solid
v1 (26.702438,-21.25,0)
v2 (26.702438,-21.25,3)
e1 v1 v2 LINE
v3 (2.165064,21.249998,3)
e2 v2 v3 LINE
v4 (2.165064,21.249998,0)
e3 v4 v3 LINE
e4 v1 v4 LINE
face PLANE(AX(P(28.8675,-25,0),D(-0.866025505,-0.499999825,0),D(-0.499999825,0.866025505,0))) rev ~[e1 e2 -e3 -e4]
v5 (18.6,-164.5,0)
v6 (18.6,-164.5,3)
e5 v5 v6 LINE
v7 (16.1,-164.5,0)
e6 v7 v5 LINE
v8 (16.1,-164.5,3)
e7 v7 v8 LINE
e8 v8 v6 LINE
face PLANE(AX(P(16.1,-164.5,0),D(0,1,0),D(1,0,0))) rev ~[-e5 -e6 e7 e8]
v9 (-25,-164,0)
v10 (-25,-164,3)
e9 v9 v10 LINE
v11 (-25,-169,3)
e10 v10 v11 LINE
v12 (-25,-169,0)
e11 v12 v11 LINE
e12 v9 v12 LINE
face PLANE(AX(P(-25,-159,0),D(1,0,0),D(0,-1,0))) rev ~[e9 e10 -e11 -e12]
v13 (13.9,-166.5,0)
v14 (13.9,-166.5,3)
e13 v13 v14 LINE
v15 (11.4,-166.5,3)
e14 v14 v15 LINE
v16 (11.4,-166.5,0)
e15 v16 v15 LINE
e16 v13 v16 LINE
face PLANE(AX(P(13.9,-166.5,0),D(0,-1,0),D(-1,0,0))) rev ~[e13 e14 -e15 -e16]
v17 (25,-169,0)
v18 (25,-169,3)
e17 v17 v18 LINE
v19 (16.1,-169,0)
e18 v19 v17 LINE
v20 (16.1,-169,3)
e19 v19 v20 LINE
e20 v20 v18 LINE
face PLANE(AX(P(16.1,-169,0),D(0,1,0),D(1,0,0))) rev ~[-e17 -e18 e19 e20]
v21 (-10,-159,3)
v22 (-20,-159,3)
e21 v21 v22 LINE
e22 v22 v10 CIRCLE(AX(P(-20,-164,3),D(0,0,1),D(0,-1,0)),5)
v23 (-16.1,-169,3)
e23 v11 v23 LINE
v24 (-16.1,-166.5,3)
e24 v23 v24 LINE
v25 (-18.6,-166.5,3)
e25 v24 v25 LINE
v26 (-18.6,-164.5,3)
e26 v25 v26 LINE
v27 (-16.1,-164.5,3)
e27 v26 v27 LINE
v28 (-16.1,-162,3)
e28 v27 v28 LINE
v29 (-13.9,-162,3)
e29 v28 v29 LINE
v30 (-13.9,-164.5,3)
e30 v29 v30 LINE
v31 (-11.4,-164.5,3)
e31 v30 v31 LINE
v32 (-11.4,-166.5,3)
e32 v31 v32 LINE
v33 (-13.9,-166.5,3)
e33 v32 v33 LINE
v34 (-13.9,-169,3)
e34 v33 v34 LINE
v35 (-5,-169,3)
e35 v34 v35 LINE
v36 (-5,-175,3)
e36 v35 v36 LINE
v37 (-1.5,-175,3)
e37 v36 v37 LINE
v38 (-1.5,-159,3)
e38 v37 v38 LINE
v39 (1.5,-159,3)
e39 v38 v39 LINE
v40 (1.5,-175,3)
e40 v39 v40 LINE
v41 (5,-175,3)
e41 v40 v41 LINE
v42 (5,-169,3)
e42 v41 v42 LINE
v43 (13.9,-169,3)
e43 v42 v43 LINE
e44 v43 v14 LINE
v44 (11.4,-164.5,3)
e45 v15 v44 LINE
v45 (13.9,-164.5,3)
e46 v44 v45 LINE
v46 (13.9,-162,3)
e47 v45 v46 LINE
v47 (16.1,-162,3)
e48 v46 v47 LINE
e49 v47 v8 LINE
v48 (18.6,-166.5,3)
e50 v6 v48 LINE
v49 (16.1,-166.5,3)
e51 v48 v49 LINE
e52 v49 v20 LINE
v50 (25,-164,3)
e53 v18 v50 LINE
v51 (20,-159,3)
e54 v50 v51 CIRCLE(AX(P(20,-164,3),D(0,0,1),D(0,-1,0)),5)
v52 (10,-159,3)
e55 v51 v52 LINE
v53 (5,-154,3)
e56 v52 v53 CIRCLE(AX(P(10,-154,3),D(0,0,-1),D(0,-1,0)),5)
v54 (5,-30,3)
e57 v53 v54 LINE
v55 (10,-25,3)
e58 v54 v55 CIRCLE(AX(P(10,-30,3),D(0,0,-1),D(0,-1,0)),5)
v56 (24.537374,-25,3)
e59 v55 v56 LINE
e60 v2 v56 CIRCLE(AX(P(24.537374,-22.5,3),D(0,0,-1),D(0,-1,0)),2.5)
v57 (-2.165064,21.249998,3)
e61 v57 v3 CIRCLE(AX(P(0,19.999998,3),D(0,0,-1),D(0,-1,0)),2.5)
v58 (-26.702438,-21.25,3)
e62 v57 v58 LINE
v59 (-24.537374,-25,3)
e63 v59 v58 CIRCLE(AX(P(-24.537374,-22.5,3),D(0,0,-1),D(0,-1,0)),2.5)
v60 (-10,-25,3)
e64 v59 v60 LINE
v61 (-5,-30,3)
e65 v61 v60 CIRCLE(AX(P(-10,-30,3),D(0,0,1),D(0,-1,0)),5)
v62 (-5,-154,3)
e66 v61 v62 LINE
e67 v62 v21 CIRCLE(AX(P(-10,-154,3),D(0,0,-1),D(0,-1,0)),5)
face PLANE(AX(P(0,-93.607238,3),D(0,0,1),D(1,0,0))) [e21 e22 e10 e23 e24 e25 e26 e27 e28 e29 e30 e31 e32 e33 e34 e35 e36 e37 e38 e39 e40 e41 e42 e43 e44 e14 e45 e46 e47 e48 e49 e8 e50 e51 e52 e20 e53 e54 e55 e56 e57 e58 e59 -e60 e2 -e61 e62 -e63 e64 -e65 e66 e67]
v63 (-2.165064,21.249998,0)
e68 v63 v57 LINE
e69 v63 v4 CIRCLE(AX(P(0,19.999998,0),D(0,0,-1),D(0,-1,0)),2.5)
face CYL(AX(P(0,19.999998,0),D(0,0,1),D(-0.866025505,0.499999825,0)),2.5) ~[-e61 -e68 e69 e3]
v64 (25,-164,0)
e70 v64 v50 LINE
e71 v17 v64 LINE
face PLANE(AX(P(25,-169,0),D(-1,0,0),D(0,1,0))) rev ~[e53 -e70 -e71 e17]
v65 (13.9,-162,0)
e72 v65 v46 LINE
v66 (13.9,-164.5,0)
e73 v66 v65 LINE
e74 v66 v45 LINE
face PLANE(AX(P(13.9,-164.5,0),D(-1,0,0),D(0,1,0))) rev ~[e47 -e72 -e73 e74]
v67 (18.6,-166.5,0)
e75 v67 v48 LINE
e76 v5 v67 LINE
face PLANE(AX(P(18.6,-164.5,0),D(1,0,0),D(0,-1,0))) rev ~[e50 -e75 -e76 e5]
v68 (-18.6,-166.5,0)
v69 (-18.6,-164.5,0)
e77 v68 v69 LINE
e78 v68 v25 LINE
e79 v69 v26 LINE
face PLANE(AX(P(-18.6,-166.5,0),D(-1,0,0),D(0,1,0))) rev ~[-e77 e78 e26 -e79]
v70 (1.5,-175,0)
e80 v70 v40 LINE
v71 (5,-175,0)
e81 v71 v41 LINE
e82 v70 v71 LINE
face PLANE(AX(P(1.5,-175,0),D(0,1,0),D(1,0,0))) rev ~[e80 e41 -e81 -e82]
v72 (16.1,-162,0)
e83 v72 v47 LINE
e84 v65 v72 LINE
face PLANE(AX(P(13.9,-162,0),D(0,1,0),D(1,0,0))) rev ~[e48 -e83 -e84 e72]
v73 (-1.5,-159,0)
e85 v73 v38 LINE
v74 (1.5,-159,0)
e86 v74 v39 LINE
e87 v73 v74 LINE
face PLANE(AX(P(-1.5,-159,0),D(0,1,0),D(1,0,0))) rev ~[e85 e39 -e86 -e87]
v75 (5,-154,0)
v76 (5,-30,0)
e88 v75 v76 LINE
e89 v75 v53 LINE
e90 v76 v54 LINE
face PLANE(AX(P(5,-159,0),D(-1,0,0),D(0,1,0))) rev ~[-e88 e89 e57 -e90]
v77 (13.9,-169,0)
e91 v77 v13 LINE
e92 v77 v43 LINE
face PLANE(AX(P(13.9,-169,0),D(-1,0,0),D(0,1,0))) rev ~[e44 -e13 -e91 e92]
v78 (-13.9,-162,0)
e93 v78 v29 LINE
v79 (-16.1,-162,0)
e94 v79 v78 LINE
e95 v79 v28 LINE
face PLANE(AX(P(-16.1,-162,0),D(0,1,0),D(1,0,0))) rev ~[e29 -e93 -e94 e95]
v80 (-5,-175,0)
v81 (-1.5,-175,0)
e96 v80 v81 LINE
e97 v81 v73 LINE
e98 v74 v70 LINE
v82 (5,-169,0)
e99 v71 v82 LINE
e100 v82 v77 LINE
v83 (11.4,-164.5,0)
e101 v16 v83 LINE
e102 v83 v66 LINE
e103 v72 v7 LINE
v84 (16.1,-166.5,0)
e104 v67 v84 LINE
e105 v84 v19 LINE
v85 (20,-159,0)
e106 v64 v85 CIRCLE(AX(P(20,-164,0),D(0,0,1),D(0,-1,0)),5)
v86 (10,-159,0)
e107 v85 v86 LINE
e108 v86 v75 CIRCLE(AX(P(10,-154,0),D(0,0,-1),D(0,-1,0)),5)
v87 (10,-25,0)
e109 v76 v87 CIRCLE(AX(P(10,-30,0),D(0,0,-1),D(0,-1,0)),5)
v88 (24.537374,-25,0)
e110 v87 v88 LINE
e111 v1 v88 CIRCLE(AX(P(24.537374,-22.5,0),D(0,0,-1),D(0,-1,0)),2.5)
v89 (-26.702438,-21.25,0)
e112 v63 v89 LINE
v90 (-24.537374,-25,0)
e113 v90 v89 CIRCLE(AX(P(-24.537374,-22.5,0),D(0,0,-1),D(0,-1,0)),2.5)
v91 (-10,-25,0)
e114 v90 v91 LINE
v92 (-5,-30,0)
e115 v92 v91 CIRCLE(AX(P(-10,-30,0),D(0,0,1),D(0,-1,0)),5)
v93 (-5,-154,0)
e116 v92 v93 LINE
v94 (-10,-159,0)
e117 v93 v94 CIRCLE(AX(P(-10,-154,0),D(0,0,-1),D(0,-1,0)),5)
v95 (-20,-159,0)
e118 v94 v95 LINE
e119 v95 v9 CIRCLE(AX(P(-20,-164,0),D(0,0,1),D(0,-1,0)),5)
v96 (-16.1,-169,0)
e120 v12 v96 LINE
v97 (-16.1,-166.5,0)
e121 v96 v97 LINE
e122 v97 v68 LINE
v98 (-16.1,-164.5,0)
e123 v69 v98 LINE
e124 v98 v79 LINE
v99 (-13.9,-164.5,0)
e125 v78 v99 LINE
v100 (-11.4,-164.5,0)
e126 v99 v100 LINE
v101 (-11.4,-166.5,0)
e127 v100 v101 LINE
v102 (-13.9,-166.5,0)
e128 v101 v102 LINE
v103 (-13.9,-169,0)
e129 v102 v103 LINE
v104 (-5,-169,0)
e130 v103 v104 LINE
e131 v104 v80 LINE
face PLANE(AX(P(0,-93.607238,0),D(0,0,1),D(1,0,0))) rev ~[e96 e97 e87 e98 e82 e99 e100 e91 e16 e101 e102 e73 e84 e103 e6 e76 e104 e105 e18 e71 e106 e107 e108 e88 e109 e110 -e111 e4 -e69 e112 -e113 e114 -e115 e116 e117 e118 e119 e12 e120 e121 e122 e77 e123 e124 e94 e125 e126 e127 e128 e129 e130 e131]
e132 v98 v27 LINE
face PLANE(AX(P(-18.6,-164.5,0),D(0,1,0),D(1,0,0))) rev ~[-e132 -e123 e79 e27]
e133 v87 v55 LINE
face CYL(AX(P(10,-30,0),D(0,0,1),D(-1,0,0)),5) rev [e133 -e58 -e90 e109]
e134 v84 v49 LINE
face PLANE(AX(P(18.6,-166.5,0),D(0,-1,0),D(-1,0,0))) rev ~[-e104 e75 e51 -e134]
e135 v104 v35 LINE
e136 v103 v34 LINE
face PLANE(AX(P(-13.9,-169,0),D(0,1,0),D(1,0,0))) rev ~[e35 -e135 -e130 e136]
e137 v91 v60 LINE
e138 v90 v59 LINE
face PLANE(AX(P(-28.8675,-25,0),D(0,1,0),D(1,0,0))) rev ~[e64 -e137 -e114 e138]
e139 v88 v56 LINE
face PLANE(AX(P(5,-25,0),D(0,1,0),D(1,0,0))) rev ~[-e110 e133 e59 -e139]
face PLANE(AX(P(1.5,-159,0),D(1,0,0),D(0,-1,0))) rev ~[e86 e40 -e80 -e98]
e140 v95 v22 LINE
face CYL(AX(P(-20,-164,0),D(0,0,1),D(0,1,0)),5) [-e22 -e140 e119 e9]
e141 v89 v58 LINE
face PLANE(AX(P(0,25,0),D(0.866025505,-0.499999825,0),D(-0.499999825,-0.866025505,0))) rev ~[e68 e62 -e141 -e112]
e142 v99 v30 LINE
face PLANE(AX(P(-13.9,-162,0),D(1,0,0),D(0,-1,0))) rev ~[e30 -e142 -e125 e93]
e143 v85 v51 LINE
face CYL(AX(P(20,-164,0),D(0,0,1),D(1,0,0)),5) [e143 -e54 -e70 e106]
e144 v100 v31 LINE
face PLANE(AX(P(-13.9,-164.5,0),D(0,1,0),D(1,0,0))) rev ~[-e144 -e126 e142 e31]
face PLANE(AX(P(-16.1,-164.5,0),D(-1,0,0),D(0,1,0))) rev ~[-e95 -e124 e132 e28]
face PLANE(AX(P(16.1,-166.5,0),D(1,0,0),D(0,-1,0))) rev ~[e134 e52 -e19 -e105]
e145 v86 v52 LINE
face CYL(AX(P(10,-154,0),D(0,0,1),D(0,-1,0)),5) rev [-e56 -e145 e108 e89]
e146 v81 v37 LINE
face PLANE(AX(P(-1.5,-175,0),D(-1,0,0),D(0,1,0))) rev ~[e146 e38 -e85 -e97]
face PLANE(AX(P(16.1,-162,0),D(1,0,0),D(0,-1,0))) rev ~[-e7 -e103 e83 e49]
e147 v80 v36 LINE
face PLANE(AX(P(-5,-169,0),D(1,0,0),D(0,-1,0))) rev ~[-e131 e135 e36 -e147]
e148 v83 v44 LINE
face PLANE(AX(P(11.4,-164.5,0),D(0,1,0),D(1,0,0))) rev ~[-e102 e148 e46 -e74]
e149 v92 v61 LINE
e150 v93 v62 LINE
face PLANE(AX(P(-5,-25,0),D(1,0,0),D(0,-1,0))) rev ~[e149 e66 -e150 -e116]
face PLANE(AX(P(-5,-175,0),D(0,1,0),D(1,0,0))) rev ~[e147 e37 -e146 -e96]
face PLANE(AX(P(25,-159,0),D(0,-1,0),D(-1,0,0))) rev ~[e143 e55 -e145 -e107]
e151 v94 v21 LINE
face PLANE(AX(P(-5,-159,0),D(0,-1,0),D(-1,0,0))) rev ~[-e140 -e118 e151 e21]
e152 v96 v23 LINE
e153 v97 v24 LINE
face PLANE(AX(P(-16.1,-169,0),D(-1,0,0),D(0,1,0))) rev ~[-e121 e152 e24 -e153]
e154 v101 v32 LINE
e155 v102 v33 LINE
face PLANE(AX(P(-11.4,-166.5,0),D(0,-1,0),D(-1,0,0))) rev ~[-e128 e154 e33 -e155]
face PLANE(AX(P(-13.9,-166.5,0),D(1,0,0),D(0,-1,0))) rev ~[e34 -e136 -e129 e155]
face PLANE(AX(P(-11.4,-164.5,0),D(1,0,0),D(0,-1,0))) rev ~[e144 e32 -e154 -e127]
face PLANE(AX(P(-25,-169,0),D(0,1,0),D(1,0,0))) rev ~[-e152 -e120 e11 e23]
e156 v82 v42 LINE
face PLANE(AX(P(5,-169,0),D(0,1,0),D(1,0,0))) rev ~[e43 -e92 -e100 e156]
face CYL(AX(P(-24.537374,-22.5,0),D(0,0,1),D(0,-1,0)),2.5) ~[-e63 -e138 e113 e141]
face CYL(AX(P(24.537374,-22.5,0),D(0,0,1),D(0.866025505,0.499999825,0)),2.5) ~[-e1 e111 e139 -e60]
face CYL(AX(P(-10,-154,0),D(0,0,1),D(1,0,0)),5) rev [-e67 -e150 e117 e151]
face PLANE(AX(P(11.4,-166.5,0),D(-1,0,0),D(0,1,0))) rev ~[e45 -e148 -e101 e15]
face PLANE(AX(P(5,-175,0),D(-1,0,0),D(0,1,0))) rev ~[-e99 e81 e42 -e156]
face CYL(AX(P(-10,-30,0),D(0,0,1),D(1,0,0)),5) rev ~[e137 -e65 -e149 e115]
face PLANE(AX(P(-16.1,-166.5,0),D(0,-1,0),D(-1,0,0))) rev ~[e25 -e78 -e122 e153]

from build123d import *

# Parameters (mm, degrees)
BOSS_EXTRUDE1_DEPTH = 3
FILLET1_R           = 5
FILLET2_R           = 2.5


with BuildPart() as part:
    # Sketch1 → Boss-Extrude1 (new body)
    with BuildSketch(Plane.XY):
        Polygon((-5, -25), (-5, -159), (-25, -159), (-25, -169), (-16.1, -169), (-16.1, -166.5), (-18.6, -166.5), (-18.6, -164.5), (-16.1, -164.5), (-16.1, -162), (-13.9, -162), (-13.9, -164.5), (-11.4, -164.5), (-11.4, -166.5), (-13.9, -166.5), (-13.9, -169), (-5, -169), (-5, -175), (-1.5, -175), (-1.5, -159), (1.5, -159), (1.5, -175), (5, -175), (5, -169), (13.9, -169), (13.9, -166.5), (11.4, -166.5), (11.4, -164.5), (13.9, -164.5), (13.9, -162), (16.1, -162), (16.1, -164.5), (18.6, -164.5), (18.6, -166.5), (16.1, -166.5), (16.1, -169), (25, -169), (25, -159), (5, -159), (5, -25), (28.8675, -25), (0, 25), (-28.8675, -25), align=None)
    extrude(amount=BOSS_EXTRUDE1_DEPTH)

    # Fillet1
    fillet1_edges = [part.edges().sort_by_distance(p)[0] for p in [
        (5, -25, 1.5),
        (5, -159, 1.5),
        (25, -159, 1.5),
        (-25, -159, 1.5),
        (-5, -159, 1.5),
        (-5, -25, 1.5),
    ]]
    fillet(fillet1_edges, radius=FILLET1_R)

    # Fillet2
    fillet2_edges = [part.edges().sort_by_distance(p)[0] for p in [
        (0, 25, 1.5),
        (28.8675, -25, 1.5),
        (-28.8675, -25, 1.5),
    ]]
    fillet(fillet2_edges, radius=FILLET2_R)


solid = part.part
